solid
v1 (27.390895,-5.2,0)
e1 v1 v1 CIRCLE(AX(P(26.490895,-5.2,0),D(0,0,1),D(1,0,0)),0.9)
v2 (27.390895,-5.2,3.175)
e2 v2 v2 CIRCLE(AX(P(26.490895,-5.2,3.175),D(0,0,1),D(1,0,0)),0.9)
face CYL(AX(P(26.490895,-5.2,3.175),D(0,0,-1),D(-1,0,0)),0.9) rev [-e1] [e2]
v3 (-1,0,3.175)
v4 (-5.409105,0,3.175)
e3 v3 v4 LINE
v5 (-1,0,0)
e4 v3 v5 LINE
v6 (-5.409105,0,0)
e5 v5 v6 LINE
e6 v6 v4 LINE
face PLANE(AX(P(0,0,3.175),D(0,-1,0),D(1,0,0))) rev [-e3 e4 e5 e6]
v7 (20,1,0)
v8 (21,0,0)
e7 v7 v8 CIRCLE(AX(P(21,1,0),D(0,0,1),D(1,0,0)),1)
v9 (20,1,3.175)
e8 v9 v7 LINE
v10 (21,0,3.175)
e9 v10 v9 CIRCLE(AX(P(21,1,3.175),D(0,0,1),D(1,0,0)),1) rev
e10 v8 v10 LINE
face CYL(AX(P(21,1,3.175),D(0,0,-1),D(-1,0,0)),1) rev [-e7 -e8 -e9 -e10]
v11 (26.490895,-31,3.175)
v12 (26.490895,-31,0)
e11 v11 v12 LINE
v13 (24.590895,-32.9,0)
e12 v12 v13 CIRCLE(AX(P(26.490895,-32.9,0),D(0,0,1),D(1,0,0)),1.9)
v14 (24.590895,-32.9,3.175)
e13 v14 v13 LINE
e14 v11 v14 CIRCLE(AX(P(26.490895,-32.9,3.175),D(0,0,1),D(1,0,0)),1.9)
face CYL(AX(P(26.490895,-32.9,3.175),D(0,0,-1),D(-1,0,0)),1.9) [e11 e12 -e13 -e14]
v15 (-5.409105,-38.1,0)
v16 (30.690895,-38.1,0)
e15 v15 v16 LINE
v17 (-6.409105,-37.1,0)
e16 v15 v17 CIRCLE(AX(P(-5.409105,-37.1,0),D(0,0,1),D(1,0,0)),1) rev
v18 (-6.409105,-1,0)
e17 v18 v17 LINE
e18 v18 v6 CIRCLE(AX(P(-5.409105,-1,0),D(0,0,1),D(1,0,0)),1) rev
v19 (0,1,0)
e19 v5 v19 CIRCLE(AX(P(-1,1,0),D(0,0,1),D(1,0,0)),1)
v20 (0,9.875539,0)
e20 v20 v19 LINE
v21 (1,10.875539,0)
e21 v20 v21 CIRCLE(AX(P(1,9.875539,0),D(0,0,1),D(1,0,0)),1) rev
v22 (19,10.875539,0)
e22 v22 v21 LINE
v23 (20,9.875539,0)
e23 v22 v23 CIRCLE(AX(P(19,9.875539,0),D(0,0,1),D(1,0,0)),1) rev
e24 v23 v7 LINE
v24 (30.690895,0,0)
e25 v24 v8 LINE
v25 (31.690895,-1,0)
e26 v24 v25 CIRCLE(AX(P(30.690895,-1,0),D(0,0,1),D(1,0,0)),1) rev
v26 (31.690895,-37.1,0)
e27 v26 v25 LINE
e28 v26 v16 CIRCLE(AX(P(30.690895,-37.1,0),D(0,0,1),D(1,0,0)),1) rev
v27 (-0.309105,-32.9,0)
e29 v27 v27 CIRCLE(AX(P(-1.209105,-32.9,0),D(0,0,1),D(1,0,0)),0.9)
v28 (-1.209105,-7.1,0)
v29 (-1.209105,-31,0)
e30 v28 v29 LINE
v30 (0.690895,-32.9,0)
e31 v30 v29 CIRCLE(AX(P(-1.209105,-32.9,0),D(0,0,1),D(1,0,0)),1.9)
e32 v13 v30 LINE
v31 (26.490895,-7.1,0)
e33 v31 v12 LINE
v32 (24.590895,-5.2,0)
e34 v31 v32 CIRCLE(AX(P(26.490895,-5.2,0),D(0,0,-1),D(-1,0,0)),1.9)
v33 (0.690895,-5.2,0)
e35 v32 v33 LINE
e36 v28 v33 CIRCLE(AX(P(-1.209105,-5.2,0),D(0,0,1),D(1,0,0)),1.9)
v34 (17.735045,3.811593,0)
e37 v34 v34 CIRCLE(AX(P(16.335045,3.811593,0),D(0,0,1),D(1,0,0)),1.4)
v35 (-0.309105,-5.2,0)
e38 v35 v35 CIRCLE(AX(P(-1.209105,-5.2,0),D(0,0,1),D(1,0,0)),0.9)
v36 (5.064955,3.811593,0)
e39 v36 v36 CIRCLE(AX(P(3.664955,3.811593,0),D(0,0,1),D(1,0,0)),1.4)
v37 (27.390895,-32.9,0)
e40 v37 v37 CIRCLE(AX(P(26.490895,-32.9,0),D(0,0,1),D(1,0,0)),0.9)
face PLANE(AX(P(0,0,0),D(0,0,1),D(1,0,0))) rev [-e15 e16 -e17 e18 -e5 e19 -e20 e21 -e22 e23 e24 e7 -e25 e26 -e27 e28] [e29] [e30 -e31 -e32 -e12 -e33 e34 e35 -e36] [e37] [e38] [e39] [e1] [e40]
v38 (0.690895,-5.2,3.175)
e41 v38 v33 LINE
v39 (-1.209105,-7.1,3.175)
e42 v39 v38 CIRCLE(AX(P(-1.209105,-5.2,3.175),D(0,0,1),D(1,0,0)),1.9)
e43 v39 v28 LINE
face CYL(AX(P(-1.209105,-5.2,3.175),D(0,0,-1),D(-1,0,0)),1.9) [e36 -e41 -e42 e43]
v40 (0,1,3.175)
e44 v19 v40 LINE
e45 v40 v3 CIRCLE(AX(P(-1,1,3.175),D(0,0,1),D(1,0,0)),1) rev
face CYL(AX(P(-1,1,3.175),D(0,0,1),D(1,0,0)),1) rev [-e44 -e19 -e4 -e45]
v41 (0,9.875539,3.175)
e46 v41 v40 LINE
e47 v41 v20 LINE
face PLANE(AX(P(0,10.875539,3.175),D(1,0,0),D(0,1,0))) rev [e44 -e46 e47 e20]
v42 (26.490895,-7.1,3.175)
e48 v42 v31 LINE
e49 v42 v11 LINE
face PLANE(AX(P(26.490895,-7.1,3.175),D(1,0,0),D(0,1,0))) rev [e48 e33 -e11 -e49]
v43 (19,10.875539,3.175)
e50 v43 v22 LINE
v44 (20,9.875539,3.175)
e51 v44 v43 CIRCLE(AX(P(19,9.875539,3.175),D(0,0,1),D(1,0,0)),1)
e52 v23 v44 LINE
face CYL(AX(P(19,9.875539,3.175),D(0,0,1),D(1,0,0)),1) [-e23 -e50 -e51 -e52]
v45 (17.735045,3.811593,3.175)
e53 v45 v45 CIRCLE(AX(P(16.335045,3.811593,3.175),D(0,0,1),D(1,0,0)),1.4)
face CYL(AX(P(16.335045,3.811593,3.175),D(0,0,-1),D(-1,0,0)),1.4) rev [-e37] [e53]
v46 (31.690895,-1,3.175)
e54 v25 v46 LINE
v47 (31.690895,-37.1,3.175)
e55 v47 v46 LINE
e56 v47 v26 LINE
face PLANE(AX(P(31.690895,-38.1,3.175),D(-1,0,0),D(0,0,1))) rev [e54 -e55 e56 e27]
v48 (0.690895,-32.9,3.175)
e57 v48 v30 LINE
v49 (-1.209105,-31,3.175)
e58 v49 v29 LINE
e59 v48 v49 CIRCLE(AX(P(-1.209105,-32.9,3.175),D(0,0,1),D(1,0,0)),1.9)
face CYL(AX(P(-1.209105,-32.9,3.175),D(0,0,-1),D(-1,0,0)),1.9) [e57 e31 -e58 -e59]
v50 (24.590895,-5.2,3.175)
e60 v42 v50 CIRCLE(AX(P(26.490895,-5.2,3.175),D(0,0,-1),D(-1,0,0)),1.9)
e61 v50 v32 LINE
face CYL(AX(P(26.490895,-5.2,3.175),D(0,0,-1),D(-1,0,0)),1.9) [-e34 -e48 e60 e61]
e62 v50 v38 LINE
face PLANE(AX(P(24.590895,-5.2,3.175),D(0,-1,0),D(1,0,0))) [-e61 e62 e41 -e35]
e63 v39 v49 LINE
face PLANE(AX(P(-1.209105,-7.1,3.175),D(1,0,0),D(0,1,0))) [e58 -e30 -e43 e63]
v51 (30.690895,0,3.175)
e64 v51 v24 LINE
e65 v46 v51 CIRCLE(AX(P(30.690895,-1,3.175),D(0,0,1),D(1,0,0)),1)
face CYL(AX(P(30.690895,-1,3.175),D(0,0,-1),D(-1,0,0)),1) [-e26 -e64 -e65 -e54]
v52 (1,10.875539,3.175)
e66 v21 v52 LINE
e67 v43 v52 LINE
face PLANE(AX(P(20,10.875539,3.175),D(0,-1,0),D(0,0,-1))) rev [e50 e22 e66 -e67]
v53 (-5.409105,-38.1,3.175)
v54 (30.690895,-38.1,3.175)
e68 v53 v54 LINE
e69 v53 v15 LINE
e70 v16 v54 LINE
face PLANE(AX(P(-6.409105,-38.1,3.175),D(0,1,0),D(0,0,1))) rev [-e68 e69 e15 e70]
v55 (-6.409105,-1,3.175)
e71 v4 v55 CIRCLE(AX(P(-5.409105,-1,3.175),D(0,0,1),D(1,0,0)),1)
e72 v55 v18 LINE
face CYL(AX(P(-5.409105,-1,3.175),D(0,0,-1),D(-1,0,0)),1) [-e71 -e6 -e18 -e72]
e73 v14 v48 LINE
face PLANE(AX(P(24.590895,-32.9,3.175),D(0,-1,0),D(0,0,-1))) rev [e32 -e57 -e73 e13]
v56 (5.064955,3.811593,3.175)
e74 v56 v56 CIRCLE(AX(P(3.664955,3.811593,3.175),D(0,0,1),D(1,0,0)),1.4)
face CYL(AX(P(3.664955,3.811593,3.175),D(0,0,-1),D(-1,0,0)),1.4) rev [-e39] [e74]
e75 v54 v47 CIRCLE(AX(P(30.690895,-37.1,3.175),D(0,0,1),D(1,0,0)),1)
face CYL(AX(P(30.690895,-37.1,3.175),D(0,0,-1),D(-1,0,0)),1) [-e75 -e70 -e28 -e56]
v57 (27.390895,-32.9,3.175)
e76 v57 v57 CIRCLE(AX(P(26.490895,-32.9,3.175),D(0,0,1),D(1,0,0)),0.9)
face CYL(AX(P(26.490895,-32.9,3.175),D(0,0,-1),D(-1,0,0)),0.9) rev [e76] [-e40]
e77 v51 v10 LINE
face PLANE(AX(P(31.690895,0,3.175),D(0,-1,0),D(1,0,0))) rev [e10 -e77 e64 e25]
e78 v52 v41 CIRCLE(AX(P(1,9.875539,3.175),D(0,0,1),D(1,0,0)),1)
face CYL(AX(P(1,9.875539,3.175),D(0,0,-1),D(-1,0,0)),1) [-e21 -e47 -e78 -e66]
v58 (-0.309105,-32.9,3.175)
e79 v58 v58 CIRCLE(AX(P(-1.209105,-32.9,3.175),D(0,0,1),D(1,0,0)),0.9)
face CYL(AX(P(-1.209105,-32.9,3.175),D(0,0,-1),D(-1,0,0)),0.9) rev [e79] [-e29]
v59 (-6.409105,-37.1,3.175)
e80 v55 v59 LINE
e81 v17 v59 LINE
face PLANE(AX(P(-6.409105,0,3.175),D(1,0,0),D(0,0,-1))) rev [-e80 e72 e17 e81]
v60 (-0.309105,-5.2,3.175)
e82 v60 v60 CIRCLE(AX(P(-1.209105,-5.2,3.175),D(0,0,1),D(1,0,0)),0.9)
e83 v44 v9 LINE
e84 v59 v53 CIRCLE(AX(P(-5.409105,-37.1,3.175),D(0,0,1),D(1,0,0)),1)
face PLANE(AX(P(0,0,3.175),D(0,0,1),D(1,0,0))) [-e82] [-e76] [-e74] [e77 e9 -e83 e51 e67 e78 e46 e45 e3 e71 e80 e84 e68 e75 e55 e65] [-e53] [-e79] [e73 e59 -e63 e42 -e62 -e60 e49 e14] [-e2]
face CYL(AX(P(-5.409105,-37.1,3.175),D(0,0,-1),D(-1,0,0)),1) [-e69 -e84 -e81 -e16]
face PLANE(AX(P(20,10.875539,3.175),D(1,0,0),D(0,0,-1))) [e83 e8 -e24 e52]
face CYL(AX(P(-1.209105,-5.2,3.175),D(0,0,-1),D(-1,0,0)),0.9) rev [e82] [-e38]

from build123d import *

# Parameters (mm, degrees)
SKETCH1_R           = 0.9
SKETCH1_R_2         = 1.4
BOSS_EXTRUDE1_DEPTH = 3.175
FILLET1_R           = 1


with BuildPart() as part:
    # Sketch1 → Boss-Extrude1 (new body)
    with BuildSketch(Plane.XY):
        Polygon((31.690894529, -38.1), (31.690894529, 0), (20, 0), (20, 10.87553853), (0, 10.87553853), (0, 0), (-6.409105471, 0), (-6.409105471, -38.1), align=None)
        with Locations((26.490894529, -32.9)):
            Circle(SKETCH1_R, mode=Mode.SUBTRACT)
        with Locations((-1.209105471, -32.9)):
            Circle(SKETCH1_R, mode=Mode.SUBTRACT)
        with Locations((-1.209105471, -5.2)):
            Circle(SKETCH1_R, mode=Mode.SUBTRACT)
        with Locations((26.490894529, -5.2)):
            Circle(SKETCH1_R, mode=Mode.SUBTRACT)
        with Locations((16.335044769, 3.811593223)):
            Circle(SKETCH1_R_2, mode=Mode.SUBTRACT)
        with Locations((3.664955231, 3.811593223)):
            Circle(SKETCH1_R_2, mode=Mode.SUBTRACT)
        with BuildLine():
            Line((26.490894529, -7.1), (26.490894529, -31))
            ThreePointArc((26.490894529, -31), (25.147391645, -31.556497116), (24.590894529, -32.9))
            Line((24.590894529, -32.9), (0.690894529, -32.9))
            ThreePointArc((0.690894529, -32.9), (0.134397413, -31.556497116), (-1.209105471, -31))
            Line((-1.209105471, -31), (-1.209105471, -7.1))
            ThreePointArc((-1.209105471, -7.1), (0.134397413, -6.543502884), (0.690894529, -5.2))
            Line((0.690894529, -5.2), (24.590894529, -5.2))
            ThreePointArc((24.590894529, -5.2), (25.147391645, -6.543502884), (26.490894529, -7.1))
        make_face(mode=Mode.SUBTRACT)
    extrude(amount=BOSS_EXTRUDE1_DEPTH)

    # Fillet1
    fillet1_edges = [part.edges().sort_by_distance(p)[0] for p in [
        (20, 10.87553853, 1.5875),
        (20, 0, 1.5875),
        (31.690894529, 0, 1.5875),
        (31.690894529, -38.1, 1.5875),
        (-6.409105471, -38.1, 1.5875),
        (-6.409105471, 0, 1.5875),
        (0, 0, 1.5875),
        (0, 10.87553853, 1.5875),
    ]]
    fillet(fillet1_edges, radius=FILLET1_R)


solid = part.part
